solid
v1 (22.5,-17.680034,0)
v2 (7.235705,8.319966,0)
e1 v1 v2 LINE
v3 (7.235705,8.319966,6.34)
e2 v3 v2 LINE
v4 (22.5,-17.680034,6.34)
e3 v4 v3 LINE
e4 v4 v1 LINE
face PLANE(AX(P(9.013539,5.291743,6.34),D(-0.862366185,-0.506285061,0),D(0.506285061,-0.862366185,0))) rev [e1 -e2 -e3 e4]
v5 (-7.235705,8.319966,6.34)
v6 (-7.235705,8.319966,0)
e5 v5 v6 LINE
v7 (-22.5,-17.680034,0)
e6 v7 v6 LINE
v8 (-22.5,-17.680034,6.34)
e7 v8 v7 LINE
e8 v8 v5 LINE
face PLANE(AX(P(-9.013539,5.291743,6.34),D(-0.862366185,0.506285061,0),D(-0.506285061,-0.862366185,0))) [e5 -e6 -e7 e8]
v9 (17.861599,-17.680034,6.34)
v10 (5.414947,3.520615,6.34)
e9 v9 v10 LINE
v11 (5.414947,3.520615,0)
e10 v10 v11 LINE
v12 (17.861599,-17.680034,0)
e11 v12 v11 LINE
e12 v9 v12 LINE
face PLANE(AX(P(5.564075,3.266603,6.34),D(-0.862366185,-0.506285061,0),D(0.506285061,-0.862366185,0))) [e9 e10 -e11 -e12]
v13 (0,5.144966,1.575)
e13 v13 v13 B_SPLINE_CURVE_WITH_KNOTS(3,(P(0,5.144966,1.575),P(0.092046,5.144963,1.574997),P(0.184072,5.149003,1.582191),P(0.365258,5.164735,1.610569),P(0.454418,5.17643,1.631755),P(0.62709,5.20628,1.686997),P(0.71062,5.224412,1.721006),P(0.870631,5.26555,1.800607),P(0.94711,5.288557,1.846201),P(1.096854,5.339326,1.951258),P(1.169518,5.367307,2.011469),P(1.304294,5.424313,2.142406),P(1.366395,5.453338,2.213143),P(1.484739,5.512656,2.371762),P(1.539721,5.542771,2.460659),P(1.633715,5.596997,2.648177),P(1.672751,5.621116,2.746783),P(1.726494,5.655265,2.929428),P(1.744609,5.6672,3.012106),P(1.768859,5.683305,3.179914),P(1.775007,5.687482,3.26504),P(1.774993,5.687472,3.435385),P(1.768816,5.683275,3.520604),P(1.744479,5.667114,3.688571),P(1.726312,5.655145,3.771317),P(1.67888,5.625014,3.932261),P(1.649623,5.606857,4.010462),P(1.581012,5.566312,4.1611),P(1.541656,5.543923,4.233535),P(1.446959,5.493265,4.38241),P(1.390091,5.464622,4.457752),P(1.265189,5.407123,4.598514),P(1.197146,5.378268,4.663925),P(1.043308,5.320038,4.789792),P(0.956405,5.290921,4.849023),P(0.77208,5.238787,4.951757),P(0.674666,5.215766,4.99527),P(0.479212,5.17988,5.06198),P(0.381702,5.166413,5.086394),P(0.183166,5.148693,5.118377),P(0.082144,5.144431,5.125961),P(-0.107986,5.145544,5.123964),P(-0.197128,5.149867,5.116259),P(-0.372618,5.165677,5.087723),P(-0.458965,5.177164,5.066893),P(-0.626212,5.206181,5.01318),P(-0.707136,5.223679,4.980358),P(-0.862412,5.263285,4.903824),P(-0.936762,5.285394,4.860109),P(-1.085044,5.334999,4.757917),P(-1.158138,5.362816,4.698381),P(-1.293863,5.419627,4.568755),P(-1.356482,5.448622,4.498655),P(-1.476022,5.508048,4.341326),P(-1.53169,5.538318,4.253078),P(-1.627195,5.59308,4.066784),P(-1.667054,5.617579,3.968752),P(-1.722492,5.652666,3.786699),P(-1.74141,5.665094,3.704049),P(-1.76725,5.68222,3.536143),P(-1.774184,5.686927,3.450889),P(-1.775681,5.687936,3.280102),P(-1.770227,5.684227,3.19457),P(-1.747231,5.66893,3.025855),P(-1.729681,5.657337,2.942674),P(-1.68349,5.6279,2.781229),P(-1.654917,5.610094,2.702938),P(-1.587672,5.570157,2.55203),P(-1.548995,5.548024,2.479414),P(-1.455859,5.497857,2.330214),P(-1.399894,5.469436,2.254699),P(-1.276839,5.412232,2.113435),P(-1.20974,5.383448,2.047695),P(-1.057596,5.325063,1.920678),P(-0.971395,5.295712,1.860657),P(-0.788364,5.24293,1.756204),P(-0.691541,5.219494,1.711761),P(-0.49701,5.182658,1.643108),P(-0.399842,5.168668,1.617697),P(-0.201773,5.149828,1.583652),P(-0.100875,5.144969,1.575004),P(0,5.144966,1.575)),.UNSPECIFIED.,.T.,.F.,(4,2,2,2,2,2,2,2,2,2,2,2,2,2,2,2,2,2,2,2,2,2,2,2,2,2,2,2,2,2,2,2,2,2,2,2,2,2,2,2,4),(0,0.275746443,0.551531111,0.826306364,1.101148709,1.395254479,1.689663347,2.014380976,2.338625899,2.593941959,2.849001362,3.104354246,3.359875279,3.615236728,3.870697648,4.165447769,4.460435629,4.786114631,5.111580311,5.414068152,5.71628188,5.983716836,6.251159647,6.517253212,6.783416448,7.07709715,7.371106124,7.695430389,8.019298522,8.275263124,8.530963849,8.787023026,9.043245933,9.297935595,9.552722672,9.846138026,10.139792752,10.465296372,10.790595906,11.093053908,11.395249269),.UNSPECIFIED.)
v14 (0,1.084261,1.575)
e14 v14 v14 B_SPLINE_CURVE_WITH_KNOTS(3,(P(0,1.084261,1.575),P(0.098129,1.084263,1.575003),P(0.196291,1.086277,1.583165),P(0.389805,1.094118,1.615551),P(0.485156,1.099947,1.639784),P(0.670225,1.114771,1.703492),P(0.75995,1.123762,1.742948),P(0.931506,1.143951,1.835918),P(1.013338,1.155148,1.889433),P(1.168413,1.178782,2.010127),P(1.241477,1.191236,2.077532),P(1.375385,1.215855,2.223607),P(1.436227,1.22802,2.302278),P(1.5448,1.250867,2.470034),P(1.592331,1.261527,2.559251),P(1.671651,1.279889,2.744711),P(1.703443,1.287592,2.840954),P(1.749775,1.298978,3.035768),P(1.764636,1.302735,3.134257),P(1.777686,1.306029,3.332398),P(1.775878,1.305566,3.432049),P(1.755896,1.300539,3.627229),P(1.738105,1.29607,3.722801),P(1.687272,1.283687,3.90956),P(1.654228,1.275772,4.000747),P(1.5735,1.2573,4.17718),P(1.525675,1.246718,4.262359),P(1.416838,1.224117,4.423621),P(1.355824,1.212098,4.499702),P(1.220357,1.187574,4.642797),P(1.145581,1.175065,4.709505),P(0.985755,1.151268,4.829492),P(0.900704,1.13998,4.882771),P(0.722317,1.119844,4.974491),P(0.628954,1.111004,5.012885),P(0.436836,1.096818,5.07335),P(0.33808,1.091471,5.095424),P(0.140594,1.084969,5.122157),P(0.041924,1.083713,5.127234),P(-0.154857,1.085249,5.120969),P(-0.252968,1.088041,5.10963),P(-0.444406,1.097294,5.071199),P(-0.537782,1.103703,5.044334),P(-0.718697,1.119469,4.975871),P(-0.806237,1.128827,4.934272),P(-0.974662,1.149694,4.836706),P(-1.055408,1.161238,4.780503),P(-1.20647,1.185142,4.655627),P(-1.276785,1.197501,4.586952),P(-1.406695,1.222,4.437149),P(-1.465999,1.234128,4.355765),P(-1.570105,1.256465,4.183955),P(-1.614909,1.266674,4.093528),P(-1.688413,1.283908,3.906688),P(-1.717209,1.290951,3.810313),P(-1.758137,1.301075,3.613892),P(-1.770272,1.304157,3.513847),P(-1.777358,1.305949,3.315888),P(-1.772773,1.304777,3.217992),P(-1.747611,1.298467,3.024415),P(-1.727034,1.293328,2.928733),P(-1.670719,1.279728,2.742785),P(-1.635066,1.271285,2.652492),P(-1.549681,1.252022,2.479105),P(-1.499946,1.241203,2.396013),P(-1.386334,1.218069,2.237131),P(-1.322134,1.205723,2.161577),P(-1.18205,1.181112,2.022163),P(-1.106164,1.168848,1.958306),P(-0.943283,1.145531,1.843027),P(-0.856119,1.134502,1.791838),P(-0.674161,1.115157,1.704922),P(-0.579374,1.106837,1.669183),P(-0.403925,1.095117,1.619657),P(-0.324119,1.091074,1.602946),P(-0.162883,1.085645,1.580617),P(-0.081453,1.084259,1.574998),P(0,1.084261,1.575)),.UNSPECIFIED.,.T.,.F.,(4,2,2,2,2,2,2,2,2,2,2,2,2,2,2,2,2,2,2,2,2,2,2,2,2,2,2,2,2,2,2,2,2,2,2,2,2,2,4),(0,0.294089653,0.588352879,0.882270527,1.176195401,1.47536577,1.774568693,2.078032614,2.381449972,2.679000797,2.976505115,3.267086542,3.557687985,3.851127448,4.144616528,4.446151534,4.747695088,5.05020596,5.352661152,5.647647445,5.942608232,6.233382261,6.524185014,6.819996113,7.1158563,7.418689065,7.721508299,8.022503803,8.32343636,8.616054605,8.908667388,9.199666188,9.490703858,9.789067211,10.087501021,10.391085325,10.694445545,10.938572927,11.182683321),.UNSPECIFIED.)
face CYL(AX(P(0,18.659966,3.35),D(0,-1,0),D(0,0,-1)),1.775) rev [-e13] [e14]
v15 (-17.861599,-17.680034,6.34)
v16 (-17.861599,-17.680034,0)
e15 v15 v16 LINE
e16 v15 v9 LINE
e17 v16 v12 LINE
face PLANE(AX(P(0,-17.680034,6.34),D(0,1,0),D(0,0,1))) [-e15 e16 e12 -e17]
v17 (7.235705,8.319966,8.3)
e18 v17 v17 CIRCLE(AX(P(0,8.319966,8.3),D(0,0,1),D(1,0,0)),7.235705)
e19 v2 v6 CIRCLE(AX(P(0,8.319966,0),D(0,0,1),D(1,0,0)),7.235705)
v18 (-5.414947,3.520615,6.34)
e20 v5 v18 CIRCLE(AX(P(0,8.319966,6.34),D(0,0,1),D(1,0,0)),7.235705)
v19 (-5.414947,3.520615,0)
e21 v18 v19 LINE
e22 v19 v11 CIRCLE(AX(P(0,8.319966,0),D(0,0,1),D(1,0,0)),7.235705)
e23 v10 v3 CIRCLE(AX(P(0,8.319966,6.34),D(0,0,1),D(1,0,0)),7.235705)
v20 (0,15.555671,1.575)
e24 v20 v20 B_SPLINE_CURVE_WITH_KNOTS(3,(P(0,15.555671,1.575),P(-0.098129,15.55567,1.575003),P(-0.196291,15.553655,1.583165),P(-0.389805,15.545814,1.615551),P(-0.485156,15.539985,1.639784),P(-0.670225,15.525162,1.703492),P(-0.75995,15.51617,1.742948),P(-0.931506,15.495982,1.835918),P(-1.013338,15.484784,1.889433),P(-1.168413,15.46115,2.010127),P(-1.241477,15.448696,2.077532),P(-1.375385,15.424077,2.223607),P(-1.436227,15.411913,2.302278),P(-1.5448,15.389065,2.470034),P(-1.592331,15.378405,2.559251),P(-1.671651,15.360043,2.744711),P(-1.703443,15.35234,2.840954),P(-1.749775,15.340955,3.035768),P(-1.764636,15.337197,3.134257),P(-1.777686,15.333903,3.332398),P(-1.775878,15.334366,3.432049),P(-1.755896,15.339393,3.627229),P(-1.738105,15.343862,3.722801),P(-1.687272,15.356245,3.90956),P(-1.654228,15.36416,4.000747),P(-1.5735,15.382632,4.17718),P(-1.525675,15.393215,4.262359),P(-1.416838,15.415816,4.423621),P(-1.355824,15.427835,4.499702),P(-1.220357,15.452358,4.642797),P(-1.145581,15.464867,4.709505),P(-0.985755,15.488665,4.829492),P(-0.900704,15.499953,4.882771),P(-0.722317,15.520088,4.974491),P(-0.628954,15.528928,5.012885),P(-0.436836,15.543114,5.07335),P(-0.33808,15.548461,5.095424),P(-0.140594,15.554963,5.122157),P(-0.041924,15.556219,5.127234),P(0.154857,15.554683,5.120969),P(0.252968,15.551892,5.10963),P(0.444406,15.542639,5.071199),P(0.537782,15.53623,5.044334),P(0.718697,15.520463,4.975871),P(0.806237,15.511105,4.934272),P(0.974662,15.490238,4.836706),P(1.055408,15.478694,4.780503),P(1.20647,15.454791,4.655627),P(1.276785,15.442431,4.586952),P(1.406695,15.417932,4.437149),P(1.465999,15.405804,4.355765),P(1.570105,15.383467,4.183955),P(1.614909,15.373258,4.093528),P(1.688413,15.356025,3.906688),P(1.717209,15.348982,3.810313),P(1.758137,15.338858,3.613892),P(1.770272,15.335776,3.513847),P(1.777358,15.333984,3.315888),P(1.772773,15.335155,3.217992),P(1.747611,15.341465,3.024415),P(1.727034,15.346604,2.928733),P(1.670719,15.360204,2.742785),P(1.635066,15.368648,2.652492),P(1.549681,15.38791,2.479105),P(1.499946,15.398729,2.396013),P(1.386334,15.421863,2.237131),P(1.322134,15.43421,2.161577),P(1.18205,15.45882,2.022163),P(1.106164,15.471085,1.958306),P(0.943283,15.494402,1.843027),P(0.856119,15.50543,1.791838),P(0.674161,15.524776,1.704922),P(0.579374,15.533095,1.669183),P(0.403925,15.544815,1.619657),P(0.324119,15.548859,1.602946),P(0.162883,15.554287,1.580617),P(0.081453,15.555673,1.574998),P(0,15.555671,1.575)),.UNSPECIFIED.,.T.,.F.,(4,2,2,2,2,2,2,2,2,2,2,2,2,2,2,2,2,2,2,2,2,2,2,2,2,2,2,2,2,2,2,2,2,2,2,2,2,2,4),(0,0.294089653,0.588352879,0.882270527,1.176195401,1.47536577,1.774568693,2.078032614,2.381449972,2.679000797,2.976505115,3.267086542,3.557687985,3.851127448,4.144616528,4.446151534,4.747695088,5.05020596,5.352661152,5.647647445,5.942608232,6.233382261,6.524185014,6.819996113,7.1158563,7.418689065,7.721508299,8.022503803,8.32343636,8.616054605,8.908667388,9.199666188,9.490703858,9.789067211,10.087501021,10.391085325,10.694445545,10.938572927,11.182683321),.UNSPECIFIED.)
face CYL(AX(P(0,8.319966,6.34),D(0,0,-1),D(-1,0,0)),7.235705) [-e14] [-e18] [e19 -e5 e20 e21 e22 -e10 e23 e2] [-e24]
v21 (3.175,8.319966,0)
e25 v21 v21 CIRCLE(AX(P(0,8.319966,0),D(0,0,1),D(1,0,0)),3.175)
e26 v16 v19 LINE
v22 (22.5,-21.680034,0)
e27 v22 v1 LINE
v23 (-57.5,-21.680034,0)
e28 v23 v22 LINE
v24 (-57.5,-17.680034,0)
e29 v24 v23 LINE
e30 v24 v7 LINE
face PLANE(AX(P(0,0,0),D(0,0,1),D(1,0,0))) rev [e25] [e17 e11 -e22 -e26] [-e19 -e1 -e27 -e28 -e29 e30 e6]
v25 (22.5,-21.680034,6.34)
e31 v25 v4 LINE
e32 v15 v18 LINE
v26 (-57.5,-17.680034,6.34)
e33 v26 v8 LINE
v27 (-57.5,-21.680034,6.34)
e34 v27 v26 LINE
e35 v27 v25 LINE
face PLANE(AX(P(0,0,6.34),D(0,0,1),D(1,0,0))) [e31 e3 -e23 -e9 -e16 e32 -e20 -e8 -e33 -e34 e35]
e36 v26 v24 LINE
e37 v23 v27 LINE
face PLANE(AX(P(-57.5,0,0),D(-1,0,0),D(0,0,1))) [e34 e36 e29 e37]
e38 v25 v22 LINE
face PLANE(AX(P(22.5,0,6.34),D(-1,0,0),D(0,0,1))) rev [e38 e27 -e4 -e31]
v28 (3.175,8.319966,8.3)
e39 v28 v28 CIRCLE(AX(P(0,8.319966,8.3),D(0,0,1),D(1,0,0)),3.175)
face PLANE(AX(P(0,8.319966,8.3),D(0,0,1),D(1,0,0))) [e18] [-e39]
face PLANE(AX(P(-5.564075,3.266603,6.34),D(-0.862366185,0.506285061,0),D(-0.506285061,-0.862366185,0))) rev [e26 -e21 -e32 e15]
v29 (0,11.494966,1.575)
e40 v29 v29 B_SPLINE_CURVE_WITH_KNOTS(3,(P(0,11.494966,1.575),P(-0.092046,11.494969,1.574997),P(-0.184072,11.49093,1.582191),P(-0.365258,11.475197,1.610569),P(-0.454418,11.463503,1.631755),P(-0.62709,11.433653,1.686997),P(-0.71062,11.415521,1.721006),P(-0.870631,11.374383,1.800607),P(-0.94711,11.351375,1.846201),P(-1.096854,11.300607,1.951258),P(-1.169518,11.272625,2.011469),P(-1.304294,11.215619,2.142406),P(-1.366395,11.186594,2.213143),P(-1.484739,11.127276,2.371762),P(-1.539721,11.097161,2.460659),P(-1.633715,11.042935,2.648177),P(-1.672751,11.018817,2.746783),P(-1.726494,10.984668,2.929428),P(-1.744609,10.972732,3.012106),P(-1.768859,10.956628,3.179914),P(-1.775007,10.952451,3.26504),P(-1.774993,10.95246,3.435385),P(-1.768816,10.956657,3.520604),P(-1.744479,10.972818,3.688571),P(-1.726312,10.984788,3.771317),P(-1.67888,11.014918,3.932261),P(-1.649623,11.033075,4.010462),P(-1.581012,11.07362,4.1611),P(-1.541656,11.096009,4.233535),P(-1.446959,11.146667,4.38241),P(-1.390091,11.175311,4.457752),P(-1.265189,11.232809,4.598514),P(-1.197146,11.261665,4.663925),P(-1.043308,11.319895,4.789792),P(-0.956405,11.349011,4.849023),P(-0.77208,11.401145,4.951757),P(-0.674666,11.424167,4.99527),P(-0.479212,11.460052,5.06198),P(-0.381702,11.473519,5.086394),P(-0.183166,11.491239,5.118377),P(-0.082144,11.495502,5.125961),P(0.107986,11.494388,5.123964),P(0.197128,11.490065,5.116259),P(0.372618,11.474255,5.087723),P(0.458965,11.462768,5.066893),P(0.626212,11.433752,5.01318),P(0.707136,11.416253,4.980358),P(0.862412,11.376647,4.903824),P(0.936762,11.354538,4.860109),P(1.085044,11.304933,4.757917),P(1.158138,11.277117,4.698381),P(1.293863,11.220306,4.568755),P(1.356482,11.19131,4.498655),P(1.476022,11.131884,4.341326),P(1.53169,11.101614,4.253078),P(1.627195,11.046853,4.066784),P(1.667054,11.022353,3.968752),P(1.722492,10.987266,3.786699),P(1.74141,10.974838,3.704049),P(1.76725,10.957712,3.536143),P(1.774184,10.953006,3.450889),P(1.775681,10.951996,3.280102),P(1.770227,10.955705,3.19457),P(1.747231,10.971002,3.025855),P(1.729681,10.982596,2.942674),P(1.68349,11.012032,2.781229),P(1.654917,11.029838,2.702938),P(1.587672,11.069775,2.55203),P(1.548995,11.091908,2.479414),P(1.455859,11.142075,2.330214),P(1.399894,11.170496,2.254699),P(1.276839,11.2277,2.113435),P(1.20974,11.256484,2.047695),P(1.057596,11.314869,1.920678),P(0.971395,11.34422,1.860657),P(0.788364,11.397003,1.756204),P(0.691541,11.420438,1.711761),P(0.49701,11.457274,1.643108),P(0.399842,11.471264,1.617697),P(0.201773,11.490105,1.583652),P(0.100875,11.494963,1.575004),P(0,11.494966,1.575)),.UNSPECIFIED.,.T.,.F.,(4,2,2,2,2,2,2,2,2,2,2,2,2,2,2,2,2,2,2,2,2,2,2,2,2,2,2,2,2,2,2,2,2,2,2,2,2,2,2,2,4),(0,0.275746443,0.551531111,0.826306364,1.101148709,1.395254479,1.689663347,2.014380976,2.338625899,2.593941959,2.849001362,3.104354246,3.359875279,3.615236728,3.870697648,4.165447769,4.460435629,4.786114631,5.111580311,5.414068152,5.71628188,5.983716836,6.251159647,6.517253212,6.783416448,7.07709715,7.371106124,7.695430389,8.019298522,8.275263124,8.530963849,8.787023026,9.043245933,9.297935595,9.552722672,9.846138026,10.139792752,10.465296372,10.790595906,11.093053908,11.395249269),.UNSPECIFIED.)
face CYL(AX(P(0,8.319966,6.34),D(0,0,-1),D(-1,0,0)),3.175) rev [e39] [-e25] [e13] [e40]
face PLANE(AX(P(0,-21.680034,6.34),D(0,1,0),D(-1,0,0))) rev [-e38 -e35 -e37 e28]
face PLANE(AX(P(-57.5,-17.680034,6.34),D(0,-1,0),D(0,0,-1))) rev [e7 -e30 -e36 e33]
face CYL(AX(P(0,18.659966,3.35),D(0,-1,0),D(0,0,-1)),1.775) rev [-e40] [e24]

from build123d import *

# Parameters (mm, degrees)
SKETCH1_R               = 3.175
BOSS_EXTRUDE1_DEPTH     = 6.34
CUT_EXTRUDE1_DEPTH      = 4.34
CUT_EXTRUDE1_DEPTH_BACK = 18.34
SKETCH2_R               = 1.775
SKETCH5_R               = 7.235705293
SKETCH5_R_2             = 3.175
BOSS_EXTRUDE2_DEPTH     = 1.96
SKETCH6_W               = 6.34
SKETCH6_H               = 4
BOSS_EXTRUDE3_DEPTH     = 35


with BuildPart() as part:
    # Sketch1 → Boss-Extrude1 (new body)
    with BuildSketch(Plane.XY):
        with BuildLine():
            Line((-7.235705295, 8.319966171), (-22.5, -17.680033829))
            Line((-22.5, -17.680033829), (-22.5, -21.680033829))
            Line((-22.5, -21.680033829), (22.5, -21.680033829))
            Line((22.5, -21.680033829), (22.5, -17.680033829))
            Line((22.5, -17.680033829), (7.235705295, 8.319966171))
            ThreePointArc((7.235705293, 8.319966171), (0, 15.555671463), (-7.235705293, 8.319966171))
        make_face()
        with BuildLine():
            Line((-17.861599202, -17.680033829), (-5.414947439, 3.520614619))
            ThreePointArc((-5.414947439, 3.520614619), (0, 1.084260878), (5.414947439, 3.520614619))
            Line((5.414947439, 3.520614619), (17.861599202, -17.680033829))
            Line((17.861599202, -17.680033829), (-17.861599202, -17.680033829))
        make_face(mode=Mode.SUBTRACT)
        with Locations((0, 8.319966171)):
            Circle(SKETCH1_R, mode=Mode.SUBTRACT)
    extrude(amount=BOSS_EXTRUDE1_DEPTH)

    # Sketch2 → Cut-Extrude1 (cut, two sides: drawn at the far end of the back side and taken through both)
    with BuildSketch(Plane(origin=(0, 14.319966171, 0), x_dir=(1, 0, 0), z_dir=(0, 1, 0)).offset(-CUT_EXTRUDE1_DEPTH_BACK)):
        with Locations(Location((0, -3.35, 0), (0, 0, 90))):
            Circle(SKETCH2_R)
    extrude(amount=CUT_EXTRUDE1_DEPTH + CUT_EXTRUDE1_DEPTH_BACK, mode=Mode.SUBTRACT)

    # Sketch5 → Boss-Extrude2 (add)
    with BuildSketch(Plane.XY.offset(6.34)):
        with Locations((0, 8.319966171)):
            Circle(SKETCH5_R)
        with Locations((0, 8.319966171)):
            Circle(SKETCH5_R_2, mode=Mode.SUBTRACT)
    extrude(amount=BOSS_EXTRUDE2_DEPTH)

    # Sketch6 → Boss-Extrude3 (add)
    with BuildSketch(Plane.ZY.offset(22.5)):
        with Locations((3.17, -19.680033829)):
            Rectangle(SKETCH6_W, SKETCH6_H)
    extrude(amount=BOSS_EXTRUDE3_DEPTH)


solid = part.part
